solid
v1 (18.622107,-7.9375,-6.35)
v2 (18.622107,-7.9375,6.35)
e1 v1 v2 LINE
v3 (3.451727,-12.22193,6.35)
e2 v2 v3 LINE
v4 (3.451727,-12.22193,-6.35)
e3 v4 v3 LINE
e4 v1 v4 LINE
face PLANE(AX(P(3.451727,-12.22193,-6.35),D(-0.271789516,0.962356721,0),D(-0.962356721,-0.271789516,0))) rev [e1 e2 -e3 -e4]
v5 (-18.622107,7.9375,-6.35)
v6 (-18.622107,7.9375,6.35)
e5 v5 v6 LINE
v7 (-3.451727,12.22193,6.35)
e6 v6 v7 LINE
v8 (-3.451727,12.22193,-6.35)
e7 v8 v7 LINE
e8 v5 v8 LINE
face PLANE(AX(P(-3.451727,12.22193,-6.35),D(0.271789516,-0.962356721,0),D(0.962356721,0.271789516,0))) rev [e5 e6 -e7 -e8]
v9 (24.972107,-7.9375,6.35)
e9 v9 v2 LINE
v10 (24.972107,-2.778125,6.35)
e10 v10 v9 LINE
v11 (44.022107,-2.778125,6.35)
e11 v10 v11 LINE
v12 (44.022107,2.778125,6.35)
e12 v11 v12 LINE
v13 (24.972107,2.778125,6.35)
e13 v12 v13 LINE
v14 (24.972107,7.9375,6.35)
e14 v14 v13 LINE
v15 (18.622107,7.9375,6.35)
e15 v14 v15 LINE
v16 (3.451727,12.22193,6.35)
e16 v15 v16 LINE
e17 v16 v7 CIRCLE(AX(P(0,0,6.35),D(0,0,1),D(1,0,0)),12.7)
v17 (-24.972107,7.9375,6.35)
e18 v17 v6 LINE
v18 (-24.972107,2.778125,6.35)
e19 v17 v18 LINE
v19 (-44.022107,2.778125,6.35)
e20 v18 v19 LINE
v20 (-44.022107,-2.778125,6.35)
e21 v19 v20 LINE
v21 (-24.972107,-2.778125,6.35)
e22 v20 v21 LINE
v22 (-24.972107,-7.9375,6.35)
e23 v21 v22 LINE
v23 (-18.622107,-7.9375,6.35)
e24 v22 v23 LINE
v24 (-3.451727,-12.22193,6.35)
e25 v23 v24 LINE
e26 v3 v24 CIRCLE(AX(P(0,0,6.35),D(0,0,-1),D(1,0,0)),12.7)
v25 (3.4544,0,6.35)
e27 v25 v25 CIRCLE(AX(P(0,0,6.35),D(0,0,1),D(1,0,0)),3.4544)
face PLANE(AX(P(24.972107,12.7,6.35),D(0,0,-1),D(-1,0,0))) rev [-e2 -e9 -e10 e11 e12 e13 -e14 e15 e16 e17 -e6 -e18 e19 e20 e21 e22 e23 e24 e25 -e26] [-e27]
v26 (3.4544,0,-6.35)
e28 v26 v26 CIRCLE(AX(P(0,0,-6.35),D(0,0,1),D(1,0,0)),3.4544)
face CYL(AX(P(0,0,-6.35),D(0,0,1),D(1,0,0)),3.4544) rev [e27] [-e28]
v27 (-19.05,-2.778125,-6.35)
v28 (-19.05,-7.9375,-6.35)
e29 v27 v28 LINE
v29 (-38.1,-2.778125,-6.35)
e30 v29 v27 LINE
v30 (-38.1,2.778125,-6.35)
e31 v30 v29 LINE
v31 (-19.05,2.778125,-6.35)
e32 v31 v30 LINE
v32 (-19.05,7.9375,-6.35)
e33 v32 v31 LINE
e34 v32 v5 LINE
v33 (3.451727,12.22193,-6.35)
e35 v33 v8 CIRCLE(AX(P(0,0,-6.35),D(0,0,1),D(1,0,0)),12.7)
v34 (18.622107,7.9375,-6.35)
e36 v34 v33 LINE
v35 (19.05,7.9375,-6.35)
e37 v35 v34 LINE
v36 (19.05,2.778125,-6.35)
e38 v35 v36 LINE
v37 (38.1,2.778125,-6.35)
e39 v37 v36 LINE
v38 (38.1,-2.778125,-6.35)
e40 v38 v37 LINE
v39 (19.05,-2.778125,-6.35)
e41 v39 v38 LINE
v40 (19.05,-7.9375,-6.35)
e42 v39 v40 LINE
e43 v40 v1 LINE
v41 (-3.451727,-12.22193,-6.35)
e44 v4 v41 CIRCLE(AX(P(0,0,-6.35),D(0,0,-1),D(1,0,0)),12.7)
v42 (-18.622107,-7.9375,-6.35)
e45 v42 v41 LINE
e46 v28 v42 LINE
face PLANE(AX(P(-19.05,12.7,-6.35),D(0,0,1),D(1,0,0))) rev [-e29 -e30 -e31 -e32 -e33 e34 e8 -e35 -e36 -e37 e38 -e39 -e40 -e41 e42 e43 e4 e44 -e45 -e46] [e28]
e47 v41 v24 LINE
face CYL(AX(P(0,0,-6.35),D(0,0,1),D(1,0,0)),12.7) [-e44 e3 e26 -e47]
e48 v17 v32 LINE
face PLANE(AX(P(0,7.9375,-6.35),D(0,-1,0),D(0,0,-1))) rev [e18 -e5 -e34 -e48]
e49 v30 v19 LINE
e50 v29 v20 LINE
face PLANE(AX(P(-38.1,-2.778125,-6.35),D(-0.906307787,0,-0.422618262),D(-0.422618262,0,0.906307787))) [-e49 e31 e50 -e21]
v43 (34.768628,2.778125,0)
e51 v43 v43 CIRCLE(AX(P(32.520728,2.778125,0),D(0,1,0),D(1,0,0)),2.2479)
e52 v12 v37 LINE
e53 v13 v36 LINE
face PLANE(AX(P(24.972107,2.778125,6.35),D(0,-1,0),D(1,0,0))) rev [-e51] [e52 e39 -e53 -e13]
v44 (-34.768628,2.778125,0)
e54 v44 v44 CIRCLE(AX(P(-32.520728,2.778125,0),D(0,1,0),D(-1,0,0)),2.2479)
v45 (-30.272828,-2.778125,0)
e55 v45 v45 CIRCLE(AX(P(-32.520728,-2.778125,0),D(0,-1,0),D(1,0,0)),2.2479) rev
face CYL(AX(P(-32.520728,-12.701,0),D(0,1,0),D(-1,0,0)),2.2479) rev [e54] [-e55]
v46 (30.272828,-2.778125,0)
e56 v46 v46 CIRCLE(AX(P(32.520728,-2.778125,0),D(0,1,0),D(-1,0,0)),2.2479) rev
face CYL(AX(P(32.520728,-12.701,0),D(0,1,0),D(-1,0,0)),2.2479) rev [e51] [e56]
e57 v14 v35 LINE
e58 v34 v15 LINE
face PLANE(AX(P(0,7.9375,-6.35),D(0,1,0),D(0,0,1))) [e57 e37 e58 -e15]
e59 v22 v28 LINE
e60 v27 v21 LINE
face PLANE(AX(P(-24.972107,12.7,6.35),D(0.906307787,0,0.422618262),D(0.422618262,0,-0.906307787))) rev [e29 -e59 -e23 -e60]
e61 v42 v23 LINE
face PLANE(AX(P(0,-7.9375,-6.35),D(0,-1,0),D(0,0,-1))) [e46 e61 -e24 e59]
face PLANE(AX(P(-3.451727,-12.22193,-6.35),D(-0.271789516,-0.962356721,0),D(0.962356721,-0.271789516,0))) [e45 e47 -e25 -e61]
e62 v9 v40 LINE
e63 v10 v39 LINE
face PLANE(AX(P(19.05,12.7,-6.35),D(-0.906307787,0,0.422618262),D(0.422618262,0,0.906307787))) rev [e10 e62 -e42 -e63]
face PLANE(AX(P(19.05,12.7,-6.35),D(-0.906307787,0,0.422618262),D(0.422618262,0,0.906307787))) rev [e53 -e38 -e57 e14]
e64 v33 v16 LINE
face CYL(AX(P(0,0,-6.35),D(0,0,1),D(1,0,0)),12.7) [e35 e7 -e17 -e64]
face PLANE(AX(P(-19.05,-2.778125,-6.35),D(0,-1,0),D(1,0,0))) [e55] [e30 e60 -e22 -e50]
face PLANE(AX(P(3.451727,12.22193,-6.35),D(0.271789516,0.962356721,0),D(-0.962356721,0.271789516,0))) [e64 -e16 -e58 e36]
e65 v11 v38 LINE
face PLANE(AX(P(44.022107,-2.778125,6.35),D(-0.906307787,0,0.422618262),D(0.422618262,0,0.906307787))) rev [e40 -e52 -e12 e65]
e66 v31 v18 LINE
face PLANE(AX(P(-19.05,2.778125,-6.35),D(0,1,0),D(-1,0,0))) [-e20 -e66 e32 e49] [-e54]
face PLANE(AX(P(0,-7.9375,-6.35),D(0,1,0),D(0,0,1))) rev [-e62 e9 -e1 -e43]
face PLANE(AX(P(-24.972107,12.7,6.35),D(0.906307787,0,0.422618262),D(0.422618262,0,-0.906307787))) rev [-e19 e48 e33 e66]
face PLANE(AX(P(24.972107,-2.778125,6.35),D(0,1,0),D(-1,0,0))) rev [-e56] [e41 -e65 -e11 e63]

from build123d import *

# Parameters (mm, degrees)
BOSS_EXTRUDE1_DEPTH                      = 12.7
SKETCH5_R                                = 3.4544
CUT_EXTRUDE2_DEPTH                       = 31.760138832
SKETCH6_W                                = 19.05
SKETCH6_H                                = 5.55625
SKETCH7_W                                = 19.05
SKETCH7_H                                = 5.55625
CUT_EXTRUDE3_REACH                       = 49.094
SKETCH8_R                                = 2.2479
CUT_EXTRUDE4_DEPTH                       = 48.544988458
MIRROR1_AT_THE_SECOND_PLANE_COPY_1_DEPTH = 48.544988458


with BuildPart() as part:
    # Sketch2 → Boss-Extrude1 (new, symmetric)
    with BuildSketch(Plane(origin=(0, 0, 0), x_dir=(1, 0, 0), z_dir=(0, 1, 0))):
        Polygon((-19.05, 6.35), (19.05, 6.35), (24.972107259, -6.35), (-24.972107259, -6.35), align=None)
    extrude(amount=BOSS_EXTRUDE1_DEPTH, both=True)

    # Sketch5 → Cut-Extrude2 (cut, through all)
    with BuildSketch(Plane.XY.offset(6.35)):
        Circle(SKETCH5_R)
    extrude(amount=-CUT_EXTRUDE2_DEPTH, mode=Mode.SUBTRACT)

    # Sweep1: sweep along a curve in space
    with BuildLine() as sweep1_path:
        Line((-19.05, 12.7, -6.35), (-24.972107259, 12.7, 6.35))
    # Sketch6 → Sweep1 (sweep)
    with BuildSketch(Plane.XY.offset(6.35)):
        with Locations((-34.497107259, 0)):
            Rectangle(SKETCH6_W, SKETCH6_H)
    sweep(path=sweep1_path.line)

    # Sweep2: sweep along a curve in space
    with BuildLine() as sweep2_path:
        Line((24.972107259, 12.7, 6.35), (19.05, 12.7, -6.35))
    # Sketch7 → Sweep2 (sweep)
    with BuildSketch(Plane.XY.offset(6.35)):
        with Locations((34.497107259, 0)):
            Rectangle(SKETCH7_W, SKETCH7_H)
    sweep(path=sweep2_path.line)

    # Sketch8 → Cut-Extrude3 (cut, up to next)
    with BuildSketch(Plane(origin=(0, 2.778125, 0), x_dir=(1, 0, 0), z_dir=(0, 1, 0)), mode=Mode.PRIVATE) as cut_extrude3_sk1:
        with Locations(Location((-32.520728307, 0, 0), (0, 0, 180))):
            Circle(SKETCH8_R)
    cut_extrude3_tool1 = extrude(cut_extrude3_sk1.sketch, amount=-CUT_EXTRUDE3_REACH, mode=Mode.PRIVATE) & part.part
    # Sketch8 → Cut-Extrude3 (cut, up to next)
    with BuildSketch(Plane(origin=(0, 2.778125, 0), x_dir=(1, 0, 0), z_dir=(0, 1, 0)), mode=Mode.PRIVATE) as cut_extrude3_sk2:
        with Locations(Location((32.520728307, 0, 0), (0, 0, 180))):
            Circle(SKETCH8_R)
    cut_extrude3_tool2 = extrude(cut_extrude3_sk2.sketch, amount=-CUT_EXTRUDE3_REACH, mode=Mode.PRIVATE) & part.part
    add(cut_extrude3_tool1.solids().sort_by_distance((-32.520728, 2.778125, 0))[0], mode=Mode.SUBTRACT)
    add(cut_extrude3_tool2.solids().sort_by_distance((32.520728, 2.778125, 0))[0], mode=Mode.SUBTRACT)

    # Sketch9 → Cut-Extrude4 (cut, through all)
    with BuildSketch(Plane.XY.offset(6.35)):
        with BuildLine():
            Line((-24.972107259, 12.7), (-24.972107259, 7.9375))
            Line((-24.972107259, 7.9375), (-18.622107259, 7.9375))
            Line((-18.622107259, 7.9375), (-3.451726858, 12.221930359))
            ThreePointArc((-3.451726858, 12.221930359), (-1.742338148, 12.579914856), (0, 12.7))
            Line((0, 12.7), (-24.972107259, 12.7))
        make_face()
    cut_extrude4 = extrude(amount=-CUT_EXTRUDE4_DEPTH, mode=Mode.SUBTRACT)

    # Mirror1: Cut-Extrude4 across plane
    add(cut_extrude4.mirror(Plane(origin=(0, 0, 0), x_dir=(0, 0, 1), z_dir=(1, 0, 0))), mode=Mode.SUBTRACT)

    # Mirror1 at the second plane: Cut-Extrude4 across plane
    add(cut_extrude4.mirror(Plane.ZX), mode=Mode.SUBTRACT)

    # Mirror1 at the second plane copy 1 sketc → Mirror1 at the second plane copy 1 (cut, through all)
    with BuildSketch(Plane(origin=(0, 0, 6.35), x_dir=(-1, 0, 0), z_dir=(0, 0, 1))):
        with BuildLine():
            Line((-24.972107259, 12.7), (-24.972107259, 7.9375))
            Line((-24.972107259, 7.9375), (-18.622107259, 7.9375))
            Line((-18.622107259, 7.9375), (-3.451726858, 12.221930359))
            ThreePointArc((-3.451726858, 12.221930359), (-1.742338148, 12.579914856), (0, 12.7))
            Line((0, 12.7), (-24.972107259, 12.7))
        make_face()
    extrude(amount=-MIRROR1_AT_THE_SECOND_PLANE_COPY_1_DEPTH, mode=Mode.SUBTRACT)


solid = part.part
